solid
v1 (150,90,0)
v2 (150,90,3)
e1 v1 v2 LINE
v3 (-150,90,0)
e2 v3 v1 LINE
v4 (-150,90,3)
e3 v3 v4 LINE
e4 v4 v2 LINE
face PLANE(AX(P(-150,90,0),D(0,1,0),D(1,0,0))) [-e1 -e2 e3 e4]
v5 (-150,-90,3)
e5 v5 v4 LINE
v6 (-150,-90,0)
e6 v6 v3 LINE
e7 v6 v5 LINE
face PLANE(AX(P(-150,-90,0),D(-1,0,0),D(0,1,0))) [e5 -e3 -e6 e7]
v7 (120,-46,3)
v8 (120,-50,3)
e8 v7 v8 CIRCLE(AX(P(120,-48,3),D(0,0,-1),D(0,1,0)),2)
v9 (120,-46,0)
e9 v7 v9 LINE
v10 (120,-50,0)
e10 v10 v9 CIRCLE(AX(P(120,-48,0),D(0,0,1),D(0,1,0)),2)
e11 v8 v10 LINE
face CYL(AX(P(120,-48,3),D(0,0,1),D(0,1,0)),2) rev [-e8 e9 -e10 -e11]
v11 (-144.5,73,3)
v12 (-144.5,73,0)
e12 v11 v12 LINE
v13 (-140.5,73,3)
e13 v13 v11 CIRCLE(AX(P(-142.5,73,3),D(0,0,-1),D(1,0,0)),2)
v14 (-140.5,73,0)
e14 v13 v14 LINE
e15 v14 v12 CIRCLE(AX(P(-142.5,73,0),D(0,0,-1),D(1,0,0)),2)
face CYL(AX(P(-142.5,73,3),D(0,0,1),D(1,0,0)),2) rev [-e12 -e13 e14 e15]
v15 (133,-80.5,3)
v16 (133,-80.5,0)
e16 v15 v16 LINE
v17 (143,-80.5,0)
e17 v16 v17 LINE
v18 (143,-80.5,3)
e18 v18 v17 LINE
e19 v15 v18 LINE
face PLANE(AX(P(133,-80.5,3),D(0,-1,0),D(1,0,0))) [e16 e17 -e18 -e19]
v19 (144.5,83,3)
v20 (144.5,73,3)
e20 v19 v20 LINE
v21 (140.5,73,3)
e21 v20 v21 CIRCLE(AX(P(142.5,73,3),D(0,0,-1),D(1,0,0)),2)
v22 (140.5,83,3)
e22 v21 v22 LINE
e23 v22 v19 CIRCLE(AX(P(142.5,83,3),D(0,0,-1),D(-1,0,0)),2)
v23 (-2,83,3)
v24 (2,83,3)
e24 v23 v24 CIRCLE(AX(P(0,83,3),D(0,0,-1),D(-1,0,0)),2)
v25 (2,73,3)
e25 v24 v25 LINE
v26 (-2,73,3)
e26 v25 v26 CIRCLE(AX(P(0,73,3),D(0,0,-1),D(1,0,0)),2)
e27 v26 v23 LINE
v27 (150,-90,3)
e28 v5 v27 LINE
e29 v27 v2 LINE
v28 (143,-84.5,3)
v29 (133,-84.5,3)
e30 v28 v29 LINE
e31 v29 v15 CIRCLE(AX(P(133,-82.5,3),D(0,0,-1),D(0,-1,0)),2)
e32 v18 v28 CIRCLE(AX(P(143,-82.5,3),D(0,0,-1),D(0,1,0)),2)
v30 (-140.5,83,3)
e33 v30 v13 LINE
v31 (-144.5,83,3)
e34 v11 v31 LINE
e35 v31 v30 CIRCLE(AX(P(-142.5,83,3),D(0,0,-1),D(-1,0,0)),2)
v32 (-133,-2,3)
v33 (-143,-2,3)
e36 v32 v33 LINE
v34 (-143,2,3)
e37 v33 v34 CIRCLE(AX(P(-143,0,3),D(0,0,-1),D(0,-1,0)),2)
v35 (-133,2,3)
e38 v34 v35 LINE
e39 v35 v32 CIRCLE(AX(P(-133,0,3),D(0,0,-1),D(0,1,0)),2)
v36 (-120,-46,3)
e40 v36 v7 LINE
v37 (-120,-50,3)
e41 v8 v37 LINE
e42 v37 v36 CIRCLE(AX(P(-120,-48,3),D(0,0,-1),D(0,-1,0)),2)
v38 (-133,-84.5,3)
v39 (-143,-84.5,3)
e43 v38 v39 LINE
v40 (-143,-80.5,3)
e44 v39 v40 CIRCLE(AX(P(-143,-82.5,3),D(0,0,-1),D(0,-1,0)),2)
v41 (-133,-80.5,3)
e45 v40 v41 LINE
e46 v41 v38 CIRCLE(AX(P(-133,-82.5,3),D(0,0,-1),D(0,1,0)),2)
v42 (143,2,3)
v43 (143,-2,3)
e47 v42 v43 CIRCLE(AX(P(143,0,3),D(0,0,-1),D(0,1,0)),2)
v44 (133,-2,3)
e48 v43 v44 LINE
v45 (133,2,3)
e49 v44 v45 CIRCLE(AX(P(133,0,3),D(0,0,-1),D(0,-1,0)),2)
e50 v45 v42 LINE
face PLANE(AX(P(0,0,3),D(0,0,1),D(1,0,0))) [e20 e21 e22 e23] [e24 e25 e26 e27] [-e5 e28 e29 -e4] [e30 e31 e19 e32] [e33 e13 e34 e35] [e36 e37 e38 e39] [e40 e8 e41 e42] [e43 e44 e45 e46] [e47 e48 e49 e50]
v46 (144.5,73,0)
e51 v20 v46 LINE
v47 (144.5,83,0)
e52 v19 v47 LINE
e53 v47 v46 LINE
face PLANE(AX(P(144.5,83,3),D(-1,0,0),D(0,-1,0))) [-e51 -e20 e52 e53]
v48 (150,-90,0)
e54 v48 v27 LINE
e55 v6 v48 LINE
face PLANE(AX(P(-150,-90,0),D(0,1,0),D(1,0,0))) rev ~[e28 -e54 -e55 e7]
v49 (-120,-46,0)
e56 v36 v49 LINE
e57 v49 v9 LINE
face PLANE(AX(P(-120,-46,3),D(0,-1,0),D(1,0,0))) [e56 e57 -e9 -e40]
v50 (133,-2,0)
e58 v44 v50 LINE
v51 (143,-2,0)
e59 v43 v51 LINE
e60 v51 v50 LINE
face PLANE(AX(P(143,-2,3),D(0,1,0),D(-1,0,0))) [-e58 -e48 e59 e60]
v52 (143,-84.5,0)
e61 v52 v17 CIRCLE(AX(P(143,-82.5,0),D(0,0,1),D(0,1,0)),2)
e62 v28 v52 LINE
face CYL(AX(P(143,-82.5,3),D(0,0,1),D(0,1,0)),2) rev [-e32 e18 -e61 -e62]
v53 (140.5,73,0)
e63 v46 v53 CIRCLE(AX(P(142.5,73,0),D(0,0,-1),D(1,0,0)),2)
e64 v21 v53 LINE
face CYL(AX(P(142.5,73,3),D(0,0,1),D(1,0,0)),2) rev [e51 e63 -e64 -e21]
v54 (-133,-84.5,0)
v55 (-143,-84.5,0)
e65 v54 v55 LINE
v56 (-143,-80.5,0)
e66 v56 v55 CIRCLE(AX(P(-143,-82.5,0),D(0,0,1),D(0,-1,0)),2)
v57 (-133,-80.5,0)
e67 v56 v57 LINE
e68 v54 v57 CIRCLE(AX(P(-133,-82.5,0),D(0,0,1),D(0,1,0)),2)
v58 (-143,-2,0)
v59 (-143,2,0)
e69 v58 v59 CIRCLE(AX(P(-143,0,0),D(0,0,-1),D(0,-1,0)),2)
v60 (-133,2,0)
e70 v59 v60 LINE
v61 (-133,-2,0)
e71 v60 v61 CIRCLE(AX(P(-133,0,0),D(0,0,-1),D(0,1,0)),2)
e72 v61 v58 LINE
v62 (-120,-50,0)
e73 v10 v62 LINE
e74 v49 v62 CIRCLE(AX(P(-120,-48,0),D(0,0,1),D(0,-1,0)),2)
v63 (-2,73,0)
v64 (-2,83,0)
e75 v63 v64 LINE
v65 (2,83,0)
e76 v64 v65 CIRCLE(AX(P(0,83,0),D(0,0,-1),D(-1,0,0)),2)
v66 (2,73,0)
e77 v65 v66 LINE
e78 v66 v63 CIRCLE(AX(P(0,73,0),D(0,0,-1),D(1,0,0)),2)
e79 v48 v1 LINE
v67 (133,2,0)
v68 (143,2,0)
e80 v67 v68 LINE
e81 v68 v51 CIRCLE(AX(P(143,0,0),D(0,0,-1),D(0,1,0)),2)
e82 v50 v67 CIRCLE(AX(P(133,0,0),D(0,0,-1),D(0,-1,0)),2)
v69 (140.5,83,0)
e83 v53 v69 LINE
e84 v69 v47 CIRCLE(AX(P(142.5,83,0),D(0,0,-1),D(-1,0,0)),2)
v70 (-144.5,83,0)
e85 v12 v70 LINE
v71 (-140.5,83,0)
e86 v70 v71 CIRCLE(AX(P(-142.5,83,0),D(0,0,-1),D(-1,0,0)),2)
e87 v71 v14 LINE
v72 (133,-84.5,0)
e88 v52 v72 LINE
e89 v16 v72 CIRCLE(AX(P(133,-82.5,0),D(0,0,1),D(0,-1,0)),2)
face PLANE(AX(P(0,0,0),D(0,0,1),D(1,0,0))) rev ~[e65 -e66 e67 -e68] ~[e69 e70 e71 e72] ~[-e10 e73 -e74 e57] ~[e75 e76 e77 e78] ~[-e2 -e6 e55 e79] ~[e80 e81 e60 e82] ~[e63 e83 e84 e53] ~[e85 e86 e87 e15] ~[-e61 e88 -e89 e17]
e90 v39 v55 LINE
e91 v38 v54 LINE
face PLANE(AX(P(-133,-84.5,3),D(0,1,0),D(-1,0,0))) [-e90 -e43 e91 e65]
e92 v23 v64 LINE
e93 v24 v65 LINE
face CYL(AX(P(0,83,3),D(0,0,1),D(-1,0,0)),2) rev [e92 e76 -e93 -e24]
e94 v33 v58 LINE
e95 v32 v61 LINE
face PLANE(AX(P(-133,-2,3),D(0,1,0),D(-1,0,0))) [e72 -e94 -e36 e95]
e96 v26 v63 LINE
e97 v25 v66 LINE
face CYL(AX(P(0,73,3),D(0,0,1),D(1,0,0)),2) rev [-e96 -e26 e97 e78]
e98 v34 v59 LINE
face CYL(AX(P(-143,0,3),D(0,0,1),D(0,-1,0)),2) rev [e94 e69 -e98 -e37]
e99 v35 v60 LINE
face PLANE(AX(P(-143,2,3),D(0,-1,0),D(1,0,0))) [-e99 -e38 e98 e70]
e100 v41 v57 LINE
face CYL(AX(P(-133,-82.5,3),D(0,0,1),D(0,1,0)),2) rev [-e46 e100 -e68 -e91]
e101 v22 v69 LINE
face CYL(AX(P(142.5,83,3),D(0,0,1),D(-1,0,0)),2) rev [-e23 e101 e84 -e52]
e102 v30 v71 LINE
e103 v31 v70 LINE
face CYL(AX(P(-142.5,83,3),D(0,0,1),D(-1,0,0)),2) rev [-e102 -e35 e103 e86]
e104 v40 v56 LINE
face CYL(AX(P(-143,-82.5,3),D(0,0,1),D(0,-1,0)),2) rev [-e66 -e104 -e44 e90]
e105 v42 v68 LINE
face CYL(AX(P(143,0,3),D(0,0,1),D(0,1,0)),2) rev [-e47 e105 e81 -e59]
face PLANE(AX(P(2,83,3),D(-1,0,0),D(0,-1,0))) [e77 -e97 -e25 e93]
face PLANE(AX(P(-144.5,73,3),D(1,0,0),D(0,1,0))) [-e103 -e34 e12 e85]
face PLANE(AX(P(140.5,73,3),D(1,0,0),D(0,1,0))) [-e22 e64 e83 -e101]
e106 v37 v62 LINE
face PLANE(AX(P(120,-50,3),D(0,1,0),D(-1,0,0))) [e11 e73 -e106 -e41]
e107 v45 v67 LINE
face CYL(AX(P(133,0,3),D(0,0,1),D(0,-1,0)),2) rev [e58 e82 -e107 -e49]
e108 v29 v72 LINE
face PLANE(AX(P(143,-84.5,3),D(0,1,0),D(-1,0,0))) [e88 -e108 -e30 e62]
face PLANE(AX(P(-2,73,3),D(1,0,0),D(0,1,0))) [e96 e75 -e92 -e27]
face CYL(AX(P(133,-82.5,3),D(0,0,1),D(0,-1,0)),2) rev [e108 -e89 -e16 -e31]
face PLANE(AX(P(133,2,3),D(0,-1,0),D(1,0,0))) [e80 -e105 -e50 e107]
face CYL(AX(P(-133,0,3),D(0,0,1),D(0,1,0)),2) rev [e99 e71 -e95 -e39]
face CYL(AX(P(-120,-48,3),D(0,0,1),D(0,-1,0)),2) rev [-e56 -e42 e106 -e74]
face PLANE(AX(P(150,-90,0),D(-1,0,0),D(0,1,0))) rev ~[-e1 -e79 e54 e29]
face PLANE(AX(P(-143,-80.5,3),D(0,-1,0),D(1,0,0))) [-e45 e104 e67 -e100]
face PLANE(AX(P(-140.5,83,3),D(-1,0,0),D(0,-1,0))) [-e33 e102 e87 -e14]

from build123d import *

# Parameters (mm, degrees)
SKETCH3_W           = 300
SKETCH3_H           = 180
BOSS_EXTRUDE2_DEPTH = 3
CUT_EXTRUDE1_DEPTH  = 3
CUT_EXTRUDE2_DEPTH  = 3
CUT_EXTRUDE3_DEPTH  = 10
CUT_EXTRUDE4_DEPTH  = 10
CUT_EXTRUDE5_DEPTH  = 10


with BuildPart() as part:
    # Sketch3 → Boss-Extrude2 (new body)
    with BuildSketch(Plane.XY):
        Rectangle(SKETCH3_W, SKETCH3_H)
    extrude(amount=BOSS_EXTRUDE2_DEPTH)

    # Sketch4 → Cut-Extrude1 (cut)
    with BuildSketch(Plane.XY.offset(3)):
        with BuildLine():
            Line((-140.5, 83), (-140.5, 73))
            ThreePointArc((-140.5, 73), (-142.5, 71), (-144.5, 73))
            Line((-144.5, 73), (-144.5, 83))
            ThreePointArc((-144.5, 83), (-142.5, 85), (-140.5, 83))
        make_face()
        with BuildLine():
            Line((2, 83), (2, 73))
            ThreePointArc((2, 73), (0, 71), (-2, 73))
            Line((-2, 73), (-2, 83))
            ThreePointArc((-2, 83), (0, 85), (2, 83))
        make_face()
        with BuildLine():
            Line((144.5, 83), (144.5, 73))
            ThreePointArc((144.5, 73), (142.5, 71), (140.5, 73))
            Line((140.5, 73), (140.5, 83))
            ThreePointArc((140.5, 83), (142.5, 85), (144.5, 83))
        make_face()
    extrude(amount=-CUT_EXTRUDE1_DEPTH, mode=Mode.SUBTRACT)

    # Sketch5 → Cut-Extrude2 (cut)
    with BuildSketch(Plane.XY.offset(3)):
        with BuildLine():
            Line((-143, 2), (-133, 2))
            ThreePointArc((-133, 2), (-131, 0), (-133, -2))
            Line((-133, -2), (-143, -2))
            ThreePointArc((-143, -2), (-145, 0), (-143, 2))
        make_face()
        with BuildLine():
            Line((133, 2), (143, 2))
            ThreePointArc((143, 2), (145, 0), (143, -2))
            Line((143, -2), (133, -2))
            ThreePointArc((133, -2), (131, 0), (133, 2))
        make_face()
    extrude(amount=-CUT_EXTRUDE2_DEPTH, mode=Mode.SUBTRACT)

    # Sketch6 → Cut-Extrude3 (cut)
    with BuildSketch(Plane.XY.offset(3)):
        with BuildLine():
            Line((143, -84.5), (133, -84.5))
            ThreePointArc((133, -84.5), (131, -82.5), (133, -80.5))
            Line((133, -80.5), (143, -80.5))
            ThreePointArc((143, -80.5), (145, -82.5), (143, -84.5))
        make_face()
    extrude(amount=-CUT_EXTRUDE3_DEPTH, mode=Mode.SUBTRACT)

    # Sketch7 → Cut-Extrude4 (cut)
    with BuildSketch(Plane.XY.offset(3)):
        with BuildLine():
            Line((-143, -80.5), (-133, -80.5))
            ThreePointArc((-133, -80.5), (-131, -82.5), (-133, -84.5))
            Line((-133, -84.5), (-143, -84.5))
            ThreePointArc((-143, -84.5), (-145, -82.5), (-143, -80.5))
        make_face()
    extrude(amount=-CUT_EXTRUDE4_DEPTH, mode=Mode.SUBTRACT)

    # Sketch8 → Cut-Extrude5 (cut)
    with BuildSketch(Plane.XY.offset(3)):
        with BuildLine():
            Line((-120, -46), (120, -46))
            ThreePointArc((120, -46), (122, -48), (120, -50))
            Line((120, -50), (-120, -50))
            ThreePointArc((-120, -50), (-122, -48), (-120, -46))
        make_face()
    extrude(amount=-CUT_EXTRUDE5_DEPTH, mode=Mode.SUBTRACT)


solid = part.part
